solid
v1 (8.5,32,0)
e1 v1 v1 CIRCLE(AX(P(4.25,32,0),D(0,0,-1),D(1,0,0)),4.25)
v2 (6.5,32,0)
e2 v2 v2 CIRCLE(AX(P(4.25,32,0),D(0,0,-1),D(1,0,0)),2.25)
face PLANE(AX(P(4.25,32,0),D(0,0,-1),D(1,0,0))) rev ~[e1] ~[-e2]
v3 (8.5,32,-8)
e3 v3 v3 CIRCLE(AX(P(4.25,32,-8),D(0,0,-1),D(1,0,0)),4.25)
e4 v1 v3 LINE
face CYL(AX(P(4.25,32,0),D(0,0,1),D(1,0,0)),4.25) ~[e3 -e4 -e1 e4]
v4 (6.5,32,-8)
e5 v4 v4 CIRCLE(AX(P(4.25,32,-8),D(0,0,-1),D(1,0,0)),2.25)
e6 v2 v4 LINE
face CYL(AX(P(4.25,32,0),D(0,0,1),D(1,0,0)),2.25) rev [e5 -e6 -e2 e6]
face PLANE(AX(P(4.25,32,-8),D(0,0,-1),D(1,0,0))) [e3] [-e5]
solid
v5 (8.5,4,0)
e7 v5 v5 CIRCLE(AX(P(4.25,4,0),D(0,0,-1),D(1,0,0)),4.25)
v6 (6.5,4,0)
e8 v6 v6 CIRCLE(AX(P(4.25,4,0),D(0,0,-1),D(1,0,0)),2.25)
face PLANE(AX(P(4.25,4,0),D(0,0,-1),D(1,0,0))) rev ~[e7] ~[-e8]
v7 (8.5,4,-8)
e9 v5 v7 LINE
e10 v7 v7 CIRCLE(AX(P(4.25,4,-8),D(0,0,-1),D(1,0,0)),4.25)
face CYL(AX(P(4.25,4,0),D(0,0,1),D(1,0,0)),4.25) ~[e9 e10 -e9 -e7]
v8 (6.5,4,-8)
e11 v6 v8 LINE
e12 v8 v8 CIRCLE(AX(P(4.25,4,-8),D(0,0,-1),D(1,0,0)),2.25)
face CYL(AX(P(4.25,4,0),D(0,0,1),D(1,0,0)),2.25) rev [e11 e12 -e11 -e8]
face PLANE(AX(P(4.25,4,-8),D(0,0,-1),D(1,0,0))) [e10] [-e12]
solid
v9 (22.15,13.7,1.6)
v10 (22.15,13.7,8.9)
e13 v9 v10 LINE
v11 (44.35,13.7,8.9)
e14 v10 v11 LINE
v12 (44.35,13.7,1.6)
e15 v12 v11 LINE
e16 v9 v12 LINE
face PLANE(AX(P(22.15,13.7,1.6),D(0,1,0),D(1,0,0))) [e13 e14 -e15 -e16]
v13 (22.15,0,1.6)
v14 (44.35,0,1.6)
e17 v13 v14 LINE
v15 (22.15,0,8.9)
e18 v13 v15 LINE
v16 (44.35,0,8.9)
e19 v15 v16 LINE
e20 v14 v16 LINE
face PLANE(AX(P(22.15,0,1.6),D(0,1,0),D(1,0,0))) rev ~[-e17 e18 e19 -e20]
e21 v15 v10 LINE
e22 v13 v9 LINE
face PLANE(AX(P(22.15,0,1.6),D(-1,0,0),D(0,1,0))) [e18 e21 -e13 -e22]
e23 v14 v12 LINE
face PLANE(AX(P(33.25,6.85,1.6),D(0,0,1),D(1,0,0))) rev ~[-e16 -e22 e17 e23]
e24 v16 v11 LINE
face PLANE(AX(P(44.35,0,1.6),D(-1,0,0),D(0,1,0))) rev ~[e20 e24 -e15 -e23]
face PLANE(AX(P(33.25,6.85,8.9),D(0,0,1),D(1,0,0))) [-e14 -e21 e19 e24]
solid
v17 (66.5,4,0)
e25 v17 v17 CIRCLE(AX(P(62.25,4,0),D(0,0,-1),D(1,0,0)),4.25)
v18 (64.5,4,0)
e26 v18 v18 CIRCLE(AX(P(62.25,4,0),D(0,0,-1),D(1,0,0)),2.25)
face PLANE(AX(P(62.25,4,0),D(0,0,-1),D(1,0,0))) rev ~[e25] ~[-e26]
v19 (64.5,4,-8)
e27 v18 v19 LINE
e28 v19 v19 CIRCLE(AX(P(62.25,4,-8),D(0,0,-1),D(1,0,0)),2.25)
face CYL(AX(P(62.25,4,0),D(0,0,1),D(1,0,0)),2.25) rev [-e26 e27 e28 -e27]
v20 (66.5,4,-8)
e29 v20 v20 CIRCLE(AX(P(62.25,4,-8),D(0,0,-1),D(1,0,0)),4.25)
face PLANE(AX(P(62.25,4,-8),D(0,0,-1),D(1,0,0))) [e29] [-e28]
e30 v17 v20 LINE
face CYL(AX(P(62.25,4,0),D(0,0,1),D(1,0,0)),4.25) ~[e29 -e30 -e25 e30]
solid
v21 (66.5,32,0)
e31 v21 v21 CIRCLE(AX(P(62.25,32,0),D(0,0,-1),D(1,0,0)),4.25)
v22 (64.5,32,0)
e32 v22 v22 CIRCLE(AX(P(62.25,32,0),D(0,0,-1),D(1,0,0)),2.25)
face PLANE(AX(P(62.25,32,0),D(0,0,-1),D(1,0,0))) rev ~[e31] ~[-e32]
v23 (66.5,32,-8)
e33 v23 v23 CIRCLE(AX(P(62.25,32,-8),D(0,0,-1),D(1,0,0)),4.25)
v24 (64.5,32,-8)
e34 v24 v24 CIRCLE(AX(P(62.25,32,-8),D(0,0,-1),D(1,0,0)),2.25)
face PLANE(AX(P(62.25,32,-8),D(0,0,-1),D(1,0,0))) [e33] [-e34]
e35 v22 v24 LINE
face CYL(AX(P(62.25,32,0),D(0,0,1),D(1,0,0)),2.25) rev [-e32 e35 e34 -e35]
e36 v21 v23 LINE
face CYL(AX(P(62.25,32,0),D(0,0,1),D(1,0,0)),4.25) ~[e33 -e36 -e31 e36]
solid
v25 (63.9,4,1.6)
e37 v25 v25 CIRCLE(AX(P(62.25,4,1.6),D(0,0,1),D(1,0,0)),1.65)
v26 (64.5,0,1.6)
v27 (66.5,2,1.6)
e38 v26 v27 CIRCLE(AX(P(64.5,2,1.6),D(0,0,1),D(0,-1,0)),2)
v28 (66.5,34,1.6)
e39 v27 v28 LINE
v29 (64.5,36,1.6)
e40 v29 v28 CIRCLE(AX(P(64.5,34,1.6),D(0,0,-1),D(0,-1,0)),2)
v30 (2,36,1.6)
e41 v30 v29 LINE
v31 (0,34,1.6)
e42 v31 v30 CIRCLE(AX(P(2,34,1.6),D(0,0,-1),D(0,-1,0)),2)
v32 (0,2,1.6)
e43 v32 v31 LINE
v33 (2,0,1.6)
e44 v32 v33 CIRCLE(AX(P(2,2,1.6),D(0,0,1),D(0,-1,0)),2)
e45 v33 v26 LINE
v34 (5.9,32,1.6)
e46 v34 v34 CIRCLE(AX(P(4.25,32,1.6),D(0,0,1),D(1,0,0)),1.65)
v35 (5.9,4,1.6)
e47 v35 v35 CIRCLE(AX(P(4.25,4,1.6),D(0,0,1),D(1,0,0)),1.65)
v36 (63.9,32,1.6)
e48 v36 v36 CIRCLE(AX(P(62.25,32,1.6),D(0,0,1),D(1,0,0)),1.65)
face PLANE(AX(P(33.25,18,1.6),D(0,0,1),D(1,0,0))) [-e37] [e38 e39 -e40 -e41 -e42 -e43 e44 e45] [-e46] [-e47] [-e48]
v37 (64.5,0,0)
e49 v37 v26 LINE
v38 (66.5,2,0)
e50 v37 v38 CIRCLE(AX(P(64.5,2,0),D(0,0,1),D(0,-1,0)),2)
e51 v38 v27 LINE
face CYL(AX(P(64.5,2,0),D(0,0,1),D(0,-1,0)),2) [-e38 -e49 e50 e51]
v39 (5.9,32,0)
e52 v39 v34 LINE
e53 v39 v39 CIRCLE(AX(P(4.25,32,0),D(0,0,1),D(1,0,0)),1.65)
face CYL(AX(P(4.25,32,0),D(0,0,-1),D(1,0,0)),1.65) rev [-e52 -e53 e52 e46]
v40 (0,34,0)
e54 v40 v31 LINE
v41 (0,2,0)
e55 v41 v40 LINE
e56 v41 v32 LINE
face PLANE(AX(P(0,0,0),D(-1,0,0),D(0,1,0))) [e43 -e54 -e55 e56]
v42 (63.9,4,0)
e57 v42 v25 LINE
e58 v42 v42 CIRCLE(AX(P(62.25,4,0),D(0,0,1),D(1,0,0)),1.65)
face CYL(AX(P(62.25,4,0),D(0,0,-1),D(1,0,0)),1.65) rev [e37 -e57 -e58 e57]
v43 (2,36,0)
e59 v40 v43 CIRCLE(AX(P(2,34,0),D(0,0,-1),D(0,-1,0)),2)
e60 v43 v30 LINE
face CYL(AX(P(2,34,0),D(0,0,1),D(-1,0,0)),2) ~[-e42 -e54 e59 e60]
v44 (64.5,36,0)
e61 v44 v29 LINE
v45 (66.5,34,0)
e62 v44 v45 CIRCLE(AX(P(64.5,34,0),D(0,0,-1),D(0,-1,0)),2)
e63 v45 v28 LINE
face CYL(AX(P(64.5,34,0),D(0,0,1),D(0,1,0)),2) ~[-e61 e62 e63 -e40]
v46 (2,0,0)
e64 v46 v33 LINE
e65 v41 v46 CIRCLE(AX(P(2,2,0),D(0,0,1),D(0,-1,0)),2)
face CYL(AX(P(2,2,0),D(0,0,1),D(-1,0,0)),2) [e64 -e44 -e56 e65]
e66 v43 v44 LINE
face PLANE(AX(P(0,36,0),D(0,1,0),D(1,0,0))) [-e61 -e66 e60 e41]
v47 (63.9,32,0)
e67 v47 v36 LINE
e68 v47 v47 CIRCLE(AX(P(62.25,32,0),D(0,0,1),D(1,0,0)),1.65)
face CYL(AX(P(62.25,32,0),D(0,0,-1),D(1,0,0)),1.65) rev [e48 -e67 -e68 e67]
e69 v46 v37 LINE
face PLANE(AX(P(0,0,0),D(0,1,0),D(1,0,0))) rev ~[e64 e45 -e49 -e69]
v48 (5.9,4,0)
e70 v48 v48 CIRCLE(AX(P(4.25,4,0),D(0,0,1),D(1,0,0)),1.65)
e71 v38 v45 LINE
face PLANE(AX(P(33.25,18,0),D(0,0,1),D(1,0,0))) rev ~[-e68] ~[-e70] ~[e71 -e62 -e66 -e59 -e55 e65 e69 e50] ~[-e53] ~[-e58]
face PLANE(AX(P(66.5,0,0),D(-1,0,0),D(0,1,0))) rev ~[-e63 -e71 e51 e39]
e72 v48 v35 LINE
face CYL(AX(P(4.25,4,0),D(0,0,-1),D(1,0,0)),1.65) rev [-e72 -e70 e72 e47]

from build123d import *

# Parameters (mm, degrees)
F0_W     = 66.5
F0_H     = 36
F0_R     = 1.65
F1_DEPTH = 1.6
F2_R     = 2
F3_W     = 22.2
F3_H     = 13.7
F4_DEPTH = 7.3
F5_R     = 4.25
F5_R_2   = 2.25
F6_DEPTH = 8


with BuildPart() as f1:
    # F0 (on Top) → F1 (new body)
    with BuildSketch(Plane.XY):
        with Locations((33.25, 18)):
            Rectangle(F0_W, F0_H)
        with Locations((4.25, 4)):
            Circle(F0_R, mode=Mode.SUBTRACT)
        with Locations((62.25, 4)):
            Circle(F0_R, mode=Mode.SUBTRACT)
        with Locations((4.25, 32)):
            Circle(F0_R, mode=Mode.SUBTRACT)
        with Locations((62.25, 32)):
            Circle(F0_R, mode=Mode.SUBTRACT)
    extrude(amount=F1_DEPTH)

    # F2
    f2_edges = [f1.edges().sort_by_distance(p)[0] for p in [
        (66.5, 0, 0.8),
        (0, 0, 0.8),
        (0, 36, 0.8),
        (66.5, 36, 0.8),
    ]]
    fillet(f2_edges, radius=F2_R)


with BuildPart() as f4:
    # F3 (on face) → F4 (new body)
    with BuildSketch(Plane.XY.offset(1.6)):
        with Locations((33.25, 6.85)):
            Rectangle(F3_W, F3_H)
    extrude(amount=F4_DEPTH)


with BuildPart() as f6:
    # F5 (on face) → F6 (new body)
    with BuildSketch(Plane(origin=(0, 0, 0), x_dir=(1, 0, 0), z_dir=(0, 0, -1))):
        with Locations((4.25, -4)):
            Circle(F5_R)
        with Locations((4.25, -4)):
            Circle(F5_R_2, mode=Mode.SUBTRACT)
        with Locations((62.25, -4)):
            Circle(F5_R)
        with Locations((62.25, -4)):
            Circle(F5_R_2, mode=Mode.SUBTRACT)
        with Locations((4.25, -32)):
            Circle(F5_R)
        with Locations((4.25, -32)):
            Circle(F5_R_2, mode=Mode.SUBTRACT)
        with Locations((62.25, -32)):
            Circle(F5_R)
        with Locations((62.25, -32)):
            Circle(F5_R_2, mode=Mode.SUBTRACT)
    extrude(amount=F6_DEPTH)


solid = Compound([f1.part, f4.part, f6.part])
